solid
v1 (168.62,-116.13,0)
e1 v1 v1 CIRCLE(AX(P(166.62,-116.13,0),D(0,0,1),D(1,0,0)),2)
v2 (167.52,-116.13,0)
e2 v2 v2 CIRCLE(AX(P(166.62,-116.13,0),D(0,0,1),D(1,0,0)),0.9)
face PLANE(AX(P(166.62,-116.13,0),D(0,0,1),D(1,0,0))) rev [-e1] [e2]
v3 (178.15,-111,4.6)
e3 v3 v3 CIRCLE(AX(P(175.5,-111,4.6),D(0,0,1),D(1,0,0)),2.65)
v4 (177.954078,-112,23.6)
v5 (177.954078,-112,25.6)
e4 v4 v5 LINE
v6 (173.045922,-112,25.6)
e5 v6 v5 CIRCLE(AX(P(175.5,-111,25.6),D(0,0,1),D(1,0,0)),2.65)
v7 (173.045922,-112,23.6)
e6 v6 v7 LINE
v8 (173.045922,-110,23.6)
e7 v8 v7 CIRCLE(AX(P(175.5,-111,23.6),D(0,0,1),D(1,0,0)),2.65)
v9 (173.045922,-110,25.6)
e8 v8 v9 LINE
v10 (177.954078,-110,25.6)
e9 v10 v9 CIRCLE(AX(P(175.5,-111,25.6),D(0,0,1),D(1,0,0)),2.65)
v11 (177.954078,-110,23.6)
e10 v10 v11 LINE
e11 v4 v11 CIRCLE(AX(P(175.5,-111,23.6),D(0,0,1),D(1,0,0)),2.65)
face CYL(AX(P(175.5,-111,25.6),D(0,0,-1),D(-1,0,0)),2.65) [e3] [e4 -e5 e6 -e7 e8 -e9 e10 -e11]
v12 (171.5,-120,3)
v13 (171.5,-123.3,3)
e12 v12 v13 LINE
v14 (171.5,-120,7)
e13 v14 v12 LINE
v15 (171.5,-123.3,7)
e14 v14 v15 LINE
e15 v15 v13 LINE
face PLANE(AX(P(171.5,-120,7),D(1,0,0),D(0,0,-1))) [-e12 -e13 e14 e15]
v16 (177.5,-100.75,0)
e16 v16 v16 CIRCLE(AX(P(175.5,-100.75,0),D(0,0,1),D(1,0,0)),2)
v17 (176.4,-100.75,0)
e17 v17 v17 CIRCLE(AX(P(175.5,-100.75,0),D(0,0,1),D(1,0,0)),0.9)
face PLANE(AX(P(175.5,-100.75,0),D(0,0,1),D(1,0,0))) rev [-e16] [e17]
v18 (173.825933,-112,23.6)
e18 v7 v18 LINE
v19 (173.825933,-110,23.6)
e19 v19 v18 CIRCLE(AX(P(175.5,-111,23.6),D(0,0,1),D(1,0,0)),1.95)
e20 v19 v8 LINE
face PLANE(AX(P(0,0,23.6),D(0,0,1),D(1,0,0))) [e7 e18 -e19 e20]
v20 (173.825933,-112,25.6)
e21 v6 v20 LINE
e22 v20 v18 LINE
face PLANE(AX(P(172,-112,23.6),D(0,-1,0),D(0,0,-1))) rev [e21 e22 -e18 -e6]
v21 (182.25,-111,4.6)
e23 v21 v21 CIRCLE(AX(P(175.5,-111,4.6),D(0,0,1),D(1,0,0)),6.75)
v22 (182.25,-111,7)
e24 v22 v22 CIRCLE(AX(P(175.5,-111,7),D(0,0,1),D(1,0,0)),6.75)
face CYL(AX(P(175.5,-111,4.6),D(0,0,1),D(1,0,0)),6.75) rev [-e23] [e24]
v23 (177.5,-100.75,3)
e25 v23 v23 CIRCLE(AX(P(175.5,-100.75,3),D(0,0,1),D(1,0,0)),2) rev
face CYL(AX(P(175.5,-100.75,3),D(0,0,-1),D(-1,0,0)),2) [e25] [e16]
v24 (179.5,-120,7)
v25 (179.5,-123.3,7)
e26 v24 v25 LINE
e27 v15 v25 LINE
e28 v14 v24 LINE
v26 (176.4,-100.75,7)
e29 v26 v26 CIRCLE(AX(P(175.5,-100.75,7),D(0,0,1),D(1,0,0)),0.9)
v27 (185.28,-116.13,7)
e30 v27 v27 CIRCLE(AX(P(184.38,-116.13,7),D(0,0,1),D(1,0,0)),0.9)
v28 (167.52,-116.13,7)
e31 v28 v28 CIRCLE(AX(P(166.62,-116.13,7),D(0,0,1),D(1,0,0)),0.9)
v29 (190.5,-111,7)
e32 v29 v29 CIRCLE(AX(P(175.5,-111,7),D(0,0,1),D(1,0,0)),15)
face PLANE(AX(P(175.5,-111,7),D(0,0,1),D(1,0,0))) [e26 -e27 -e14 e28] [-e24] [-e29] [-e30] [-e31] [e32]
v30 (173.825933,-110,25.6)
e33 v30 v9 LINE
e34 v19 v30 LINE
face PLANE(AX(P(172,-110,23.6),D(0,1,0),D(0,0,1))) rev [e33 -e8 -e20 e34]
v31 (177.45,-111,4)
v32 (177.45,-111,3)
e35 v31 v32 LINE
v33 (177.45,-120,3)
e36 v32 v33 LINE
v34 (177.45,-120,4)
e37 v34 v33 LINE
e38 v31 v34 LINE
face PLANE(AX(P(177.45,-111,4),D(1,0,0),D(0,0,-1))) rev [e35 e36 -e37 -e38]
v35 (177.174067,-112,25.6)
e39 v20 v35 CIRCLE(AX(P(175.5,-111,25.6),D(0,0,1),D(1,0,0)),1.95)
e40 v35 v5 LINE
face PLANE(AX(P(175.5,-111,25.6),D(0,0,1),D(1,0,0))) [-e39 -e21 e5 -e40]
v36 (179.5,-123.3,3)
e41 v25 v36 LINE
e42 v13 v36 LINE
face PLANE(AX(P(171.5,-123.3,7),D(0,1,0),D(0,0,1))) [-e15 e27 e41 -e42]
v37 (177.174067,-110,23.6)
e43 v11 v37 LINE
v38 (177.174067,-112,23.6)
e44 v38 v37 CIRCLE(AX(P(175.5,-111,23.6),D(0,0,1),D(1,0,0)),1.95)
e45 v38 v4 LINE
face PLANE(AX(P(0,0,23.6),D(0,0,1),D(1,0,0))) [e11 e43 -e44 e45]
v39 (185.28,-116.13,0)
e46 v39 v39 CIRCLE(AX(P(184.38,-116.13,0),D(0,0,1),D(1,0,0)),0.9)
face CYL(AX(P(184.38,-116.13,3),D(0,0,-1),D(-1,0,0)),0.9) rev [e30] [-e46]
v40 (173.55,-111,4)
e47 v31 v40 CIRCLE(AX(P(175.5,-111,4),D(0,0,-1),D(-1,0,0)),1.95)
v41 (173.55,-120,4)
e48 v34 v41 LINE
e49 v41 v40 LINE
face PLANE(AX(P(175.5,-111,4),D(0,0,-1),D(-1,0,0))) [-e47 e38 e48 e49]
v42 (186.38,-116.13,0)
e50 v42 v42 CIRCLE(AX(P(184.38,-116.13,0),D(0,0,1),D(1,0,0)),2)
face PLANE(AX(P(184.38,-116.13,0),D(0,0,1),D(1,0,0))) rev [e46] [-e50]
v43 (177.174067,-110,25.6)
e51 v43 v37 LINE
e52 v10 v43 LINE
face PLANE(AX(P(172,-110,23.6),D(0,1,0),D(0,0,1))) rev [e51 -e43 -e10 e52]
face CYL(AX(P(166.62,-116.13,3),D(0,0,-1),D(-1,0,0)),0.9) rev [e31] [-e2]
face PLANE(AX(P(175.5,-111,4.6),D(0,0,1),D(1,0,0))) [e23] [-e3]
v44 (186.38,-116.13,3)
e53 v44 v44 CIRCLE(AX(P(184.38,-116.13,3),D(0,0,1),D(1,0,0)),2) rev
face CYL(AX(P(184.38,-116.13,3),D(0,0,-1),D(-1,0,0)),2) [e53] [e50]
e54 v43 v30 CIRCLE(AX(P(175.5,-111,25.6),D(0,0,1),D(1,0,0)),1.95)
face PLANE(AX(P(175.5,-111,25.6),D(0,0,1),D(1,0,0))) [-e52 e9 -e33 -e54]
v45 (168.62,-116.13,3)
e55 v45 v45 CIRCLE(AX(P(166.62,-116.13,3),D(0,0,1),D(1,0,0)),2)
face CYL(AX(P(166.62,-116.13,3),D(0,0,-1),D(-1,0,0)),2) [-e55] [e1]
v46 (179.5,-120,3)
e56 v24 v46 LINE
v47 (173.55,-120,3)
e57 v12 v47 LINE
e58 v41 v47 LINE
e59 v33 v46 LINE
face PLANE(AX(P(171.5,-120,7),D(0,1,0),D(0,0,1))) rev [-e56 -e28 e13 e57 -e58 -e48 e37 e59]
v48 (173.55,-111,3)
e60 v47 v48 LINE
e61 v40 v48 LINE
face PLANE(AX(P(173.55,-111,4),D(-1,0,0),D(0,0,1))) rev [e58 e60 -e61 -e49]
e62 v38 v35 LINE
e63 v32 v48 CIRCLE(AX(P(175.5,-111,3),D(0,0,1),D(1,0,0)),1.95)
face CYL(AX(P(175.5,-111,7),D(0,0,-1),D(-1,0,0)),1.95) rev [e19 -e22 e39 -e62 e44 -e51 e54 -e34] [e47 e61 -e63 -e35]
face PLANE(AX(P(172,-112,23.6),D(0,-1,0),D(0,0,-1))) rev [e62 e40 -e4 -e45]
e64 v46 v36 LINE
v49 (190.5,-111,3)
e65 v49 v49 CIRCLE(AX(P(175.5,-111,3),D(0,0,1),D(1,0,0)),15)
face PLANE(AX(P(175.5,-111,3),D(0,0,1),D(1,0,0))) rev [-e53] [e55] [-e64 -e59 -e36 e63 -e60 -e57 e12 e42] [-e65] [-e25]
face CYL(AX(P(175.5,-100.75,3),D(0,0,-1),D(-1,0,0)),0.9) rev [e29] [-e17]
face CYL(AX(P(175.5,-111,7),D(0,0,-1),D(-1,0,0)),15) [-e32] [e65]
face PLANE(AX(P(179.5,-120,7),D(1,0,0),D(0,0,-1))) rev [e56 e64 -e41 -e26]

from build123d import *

# Parameters (mm, degrees)
SKETCH1_R             = 2
SKETCH1_R_2           = 0.9
BOSS_EXTRUDE1_DEPTH   = 3
BOSS_EXTRUDE1_2_DEPTH = 3
BOSS_EXTRUDE1_3_DEPTH = 3
SKETCH2_R             = 15
SKETCH2_R_2           = 1.95
BOSS_EXTRUDE2_DEPTH   = 4
SKETCH4_W             = 8
SKETCH4_H             = 3.3
CUT_EXTRUDE2_DEPTH    = 229.434345053
SKETCH5_R             = 6.75
CUT_EXTRUDE3_DEPTH    = 2.4
CUT_EXTRUDE5_DEPTH    = 1
SKETCH8_R             = 2.65
SKETCH8_R_2           = 1.95
BOSS_EXTRUDE3_DEPTH   = 21
SKETCH10_R            = 0.9
CUT_EXTRUDE6_DEPTH    = 230.514727196
SKETCH11_W            = 7
SKETCH11_H            = 2
CUT_EXTRUDE7_DEPTH    = 2


with BuildPart() as part:
    # Sketch1 → Boss-Extrude1 (new body)
    with BuildSketch(Plane.XY):
        with Locations((166.62, -116.13)):
            Circle(SKETCH1_R)
        with Locations((166.62, -116.13)):
            Circle(SKETCH1_R_2, mode=Mode.SUBTRACT)
    extrude(amount=BOSS_EXTRUDE1_DEPTH)



with BuildPart() as body_2:
    # Sketch1 → Boss-Extrude1 2 (new body)
    with BuildSketch(Plane.XY):
        with Locations((175.5, -100.75)):
            Circle(SKETCH1_R)
        with Locations((175.5, -100.75)):
            Circle(SKETCH1_R_2, mode=Mode.SUBTRACT)
    extrude(amount=BOSS_EXTRUDE1_2_DEPTH)


with BuildPart() as body_3:
    # Sketch1 → Boss-Extrude1 3 (new body)
    with BuildSketch(Plane.XY):
        with Locations((184.38, -116.13)):
            Circle(SKETCH1_R)
        with Locations((184.38, -116.13)):
            Circle(SKETCH1_R_2, mode=Mode.SUBTRACT)
    extrude(amount=BOSS_EXTRUDE1_3_DEPTH)


with BuildPart() as part_1:
    add(part.part)

    add(body_2.part)  # Boss-Extrude2 merges body 2

    add(body_3.part)  # Boss-Extrude2 merges body 3
    # Sketch2 → Boss-Extrude2 (add)
    with BuildSketch(Plane.XY.offset(3)):
        with Locations((175.5, -111)):
            Circle(SKETCH2_R)
        with Locations((175.5, -111)):
            Circle(SKETCH2_R_2, mode=Mode.SUBTRACT)
    extrude(amount=BOSS_EXTRUDE2_DEPTH)

    # Sketch4 → Cut-Extrude2 (cut, through all)
    with BuildSketch(Plane(origin=(0, 0, 3), x_dir=(-1, 0, 0), z_dir=(0, 0, -1))):
        with Locations((-175.5, -121.65)):
            Rectangle(SKETCH4_W, SKETCH4_H)
    extrude(amount=-CUT_EXTRUDE2_DEPTH, mode=Mode.SUBTRACT)

    # Sketch5 → Cut-Extrude3 (cut)
    with BuildSketch(Plane.XY.offset(7)):
        with Locations((175.5, -111)):
            Circle(SKETCH5_R)
    extrude(amount=-CUT_EXTRUDE3_DEPTH, mode=Mode.SUBTRACT)

    # Sketch6 → Cut-Extrude5 (cut)
    with BuildSketch(Plane(origin=(0, 0, 3), x_dir=(-1, 0, 0), z_dir=(0, 0, -1))):
        with BuildLine():
            Line((-173.55, -111), (-173.55, -120))
            ThreePointArc((-173.55, -120), (-175.5, -121.95), (-177.45, -120))
            Line((-177.45, -120), (-177.45, -111))
            ThreePointArc((-177.45, -111), (-175.5, -109.05), (-173.55, -111))
        make_face()
    extrude(amount=-CUT_EXTRUDE5_DEPTH, mode=Mode.SUBTRACT)

    # Sketch8 → Boss-Extrude3 (add)
    with BuildSketch(Plane.XY.offset(4.6)):
        with Locations(Location((175.5, -111, 0), (0, 0, 180))):
            Circle(SKETCH8_R)
        with Locations((175.5, -111)):
            Circle(SKETCH8_R_2, mode=Mode.SUBTRACT)
    extrude(amount=BOSS_EXTRUDE3_DEPTH)

    # Sketch10 → Cut-Extrude6 (cut, through all)
    with BuildSketch(Plane(origin=(0, 0, 3), x_dir=(-1, 0, 0), z_dir=(0, 0, -1))):
        with Locations(Location((-175.5, -100.75, 0), (0, 0, 180))):
            Circle(SKETCH10_R)
        with Locations(Location((-184.38, -116.13, 0), (0, 0, 180))):
            Circle(SKETCH10_R)
        with Locations(Location((-166.62, -116.13, 0), (0, 0, 180))):
            Circle(SKETCH10_R)
    extrude(amount=-CUT_EXTRUDE6_DEPTH, mode=Mode.SUBTRACT)

    # Sketch11 → Cut-Extrude7 (cut)
    with BuildSketch(Plane.XY.offset(25.6)):
        with Locations((175.5, -111)):
            Rectangle(SKETCH11_W, SKETCH11_H)
    extrude(amount=-CUT_EXTRUDE7_DEPTH, mode=Mode.SUBTRACT)


solid = part_1.part
